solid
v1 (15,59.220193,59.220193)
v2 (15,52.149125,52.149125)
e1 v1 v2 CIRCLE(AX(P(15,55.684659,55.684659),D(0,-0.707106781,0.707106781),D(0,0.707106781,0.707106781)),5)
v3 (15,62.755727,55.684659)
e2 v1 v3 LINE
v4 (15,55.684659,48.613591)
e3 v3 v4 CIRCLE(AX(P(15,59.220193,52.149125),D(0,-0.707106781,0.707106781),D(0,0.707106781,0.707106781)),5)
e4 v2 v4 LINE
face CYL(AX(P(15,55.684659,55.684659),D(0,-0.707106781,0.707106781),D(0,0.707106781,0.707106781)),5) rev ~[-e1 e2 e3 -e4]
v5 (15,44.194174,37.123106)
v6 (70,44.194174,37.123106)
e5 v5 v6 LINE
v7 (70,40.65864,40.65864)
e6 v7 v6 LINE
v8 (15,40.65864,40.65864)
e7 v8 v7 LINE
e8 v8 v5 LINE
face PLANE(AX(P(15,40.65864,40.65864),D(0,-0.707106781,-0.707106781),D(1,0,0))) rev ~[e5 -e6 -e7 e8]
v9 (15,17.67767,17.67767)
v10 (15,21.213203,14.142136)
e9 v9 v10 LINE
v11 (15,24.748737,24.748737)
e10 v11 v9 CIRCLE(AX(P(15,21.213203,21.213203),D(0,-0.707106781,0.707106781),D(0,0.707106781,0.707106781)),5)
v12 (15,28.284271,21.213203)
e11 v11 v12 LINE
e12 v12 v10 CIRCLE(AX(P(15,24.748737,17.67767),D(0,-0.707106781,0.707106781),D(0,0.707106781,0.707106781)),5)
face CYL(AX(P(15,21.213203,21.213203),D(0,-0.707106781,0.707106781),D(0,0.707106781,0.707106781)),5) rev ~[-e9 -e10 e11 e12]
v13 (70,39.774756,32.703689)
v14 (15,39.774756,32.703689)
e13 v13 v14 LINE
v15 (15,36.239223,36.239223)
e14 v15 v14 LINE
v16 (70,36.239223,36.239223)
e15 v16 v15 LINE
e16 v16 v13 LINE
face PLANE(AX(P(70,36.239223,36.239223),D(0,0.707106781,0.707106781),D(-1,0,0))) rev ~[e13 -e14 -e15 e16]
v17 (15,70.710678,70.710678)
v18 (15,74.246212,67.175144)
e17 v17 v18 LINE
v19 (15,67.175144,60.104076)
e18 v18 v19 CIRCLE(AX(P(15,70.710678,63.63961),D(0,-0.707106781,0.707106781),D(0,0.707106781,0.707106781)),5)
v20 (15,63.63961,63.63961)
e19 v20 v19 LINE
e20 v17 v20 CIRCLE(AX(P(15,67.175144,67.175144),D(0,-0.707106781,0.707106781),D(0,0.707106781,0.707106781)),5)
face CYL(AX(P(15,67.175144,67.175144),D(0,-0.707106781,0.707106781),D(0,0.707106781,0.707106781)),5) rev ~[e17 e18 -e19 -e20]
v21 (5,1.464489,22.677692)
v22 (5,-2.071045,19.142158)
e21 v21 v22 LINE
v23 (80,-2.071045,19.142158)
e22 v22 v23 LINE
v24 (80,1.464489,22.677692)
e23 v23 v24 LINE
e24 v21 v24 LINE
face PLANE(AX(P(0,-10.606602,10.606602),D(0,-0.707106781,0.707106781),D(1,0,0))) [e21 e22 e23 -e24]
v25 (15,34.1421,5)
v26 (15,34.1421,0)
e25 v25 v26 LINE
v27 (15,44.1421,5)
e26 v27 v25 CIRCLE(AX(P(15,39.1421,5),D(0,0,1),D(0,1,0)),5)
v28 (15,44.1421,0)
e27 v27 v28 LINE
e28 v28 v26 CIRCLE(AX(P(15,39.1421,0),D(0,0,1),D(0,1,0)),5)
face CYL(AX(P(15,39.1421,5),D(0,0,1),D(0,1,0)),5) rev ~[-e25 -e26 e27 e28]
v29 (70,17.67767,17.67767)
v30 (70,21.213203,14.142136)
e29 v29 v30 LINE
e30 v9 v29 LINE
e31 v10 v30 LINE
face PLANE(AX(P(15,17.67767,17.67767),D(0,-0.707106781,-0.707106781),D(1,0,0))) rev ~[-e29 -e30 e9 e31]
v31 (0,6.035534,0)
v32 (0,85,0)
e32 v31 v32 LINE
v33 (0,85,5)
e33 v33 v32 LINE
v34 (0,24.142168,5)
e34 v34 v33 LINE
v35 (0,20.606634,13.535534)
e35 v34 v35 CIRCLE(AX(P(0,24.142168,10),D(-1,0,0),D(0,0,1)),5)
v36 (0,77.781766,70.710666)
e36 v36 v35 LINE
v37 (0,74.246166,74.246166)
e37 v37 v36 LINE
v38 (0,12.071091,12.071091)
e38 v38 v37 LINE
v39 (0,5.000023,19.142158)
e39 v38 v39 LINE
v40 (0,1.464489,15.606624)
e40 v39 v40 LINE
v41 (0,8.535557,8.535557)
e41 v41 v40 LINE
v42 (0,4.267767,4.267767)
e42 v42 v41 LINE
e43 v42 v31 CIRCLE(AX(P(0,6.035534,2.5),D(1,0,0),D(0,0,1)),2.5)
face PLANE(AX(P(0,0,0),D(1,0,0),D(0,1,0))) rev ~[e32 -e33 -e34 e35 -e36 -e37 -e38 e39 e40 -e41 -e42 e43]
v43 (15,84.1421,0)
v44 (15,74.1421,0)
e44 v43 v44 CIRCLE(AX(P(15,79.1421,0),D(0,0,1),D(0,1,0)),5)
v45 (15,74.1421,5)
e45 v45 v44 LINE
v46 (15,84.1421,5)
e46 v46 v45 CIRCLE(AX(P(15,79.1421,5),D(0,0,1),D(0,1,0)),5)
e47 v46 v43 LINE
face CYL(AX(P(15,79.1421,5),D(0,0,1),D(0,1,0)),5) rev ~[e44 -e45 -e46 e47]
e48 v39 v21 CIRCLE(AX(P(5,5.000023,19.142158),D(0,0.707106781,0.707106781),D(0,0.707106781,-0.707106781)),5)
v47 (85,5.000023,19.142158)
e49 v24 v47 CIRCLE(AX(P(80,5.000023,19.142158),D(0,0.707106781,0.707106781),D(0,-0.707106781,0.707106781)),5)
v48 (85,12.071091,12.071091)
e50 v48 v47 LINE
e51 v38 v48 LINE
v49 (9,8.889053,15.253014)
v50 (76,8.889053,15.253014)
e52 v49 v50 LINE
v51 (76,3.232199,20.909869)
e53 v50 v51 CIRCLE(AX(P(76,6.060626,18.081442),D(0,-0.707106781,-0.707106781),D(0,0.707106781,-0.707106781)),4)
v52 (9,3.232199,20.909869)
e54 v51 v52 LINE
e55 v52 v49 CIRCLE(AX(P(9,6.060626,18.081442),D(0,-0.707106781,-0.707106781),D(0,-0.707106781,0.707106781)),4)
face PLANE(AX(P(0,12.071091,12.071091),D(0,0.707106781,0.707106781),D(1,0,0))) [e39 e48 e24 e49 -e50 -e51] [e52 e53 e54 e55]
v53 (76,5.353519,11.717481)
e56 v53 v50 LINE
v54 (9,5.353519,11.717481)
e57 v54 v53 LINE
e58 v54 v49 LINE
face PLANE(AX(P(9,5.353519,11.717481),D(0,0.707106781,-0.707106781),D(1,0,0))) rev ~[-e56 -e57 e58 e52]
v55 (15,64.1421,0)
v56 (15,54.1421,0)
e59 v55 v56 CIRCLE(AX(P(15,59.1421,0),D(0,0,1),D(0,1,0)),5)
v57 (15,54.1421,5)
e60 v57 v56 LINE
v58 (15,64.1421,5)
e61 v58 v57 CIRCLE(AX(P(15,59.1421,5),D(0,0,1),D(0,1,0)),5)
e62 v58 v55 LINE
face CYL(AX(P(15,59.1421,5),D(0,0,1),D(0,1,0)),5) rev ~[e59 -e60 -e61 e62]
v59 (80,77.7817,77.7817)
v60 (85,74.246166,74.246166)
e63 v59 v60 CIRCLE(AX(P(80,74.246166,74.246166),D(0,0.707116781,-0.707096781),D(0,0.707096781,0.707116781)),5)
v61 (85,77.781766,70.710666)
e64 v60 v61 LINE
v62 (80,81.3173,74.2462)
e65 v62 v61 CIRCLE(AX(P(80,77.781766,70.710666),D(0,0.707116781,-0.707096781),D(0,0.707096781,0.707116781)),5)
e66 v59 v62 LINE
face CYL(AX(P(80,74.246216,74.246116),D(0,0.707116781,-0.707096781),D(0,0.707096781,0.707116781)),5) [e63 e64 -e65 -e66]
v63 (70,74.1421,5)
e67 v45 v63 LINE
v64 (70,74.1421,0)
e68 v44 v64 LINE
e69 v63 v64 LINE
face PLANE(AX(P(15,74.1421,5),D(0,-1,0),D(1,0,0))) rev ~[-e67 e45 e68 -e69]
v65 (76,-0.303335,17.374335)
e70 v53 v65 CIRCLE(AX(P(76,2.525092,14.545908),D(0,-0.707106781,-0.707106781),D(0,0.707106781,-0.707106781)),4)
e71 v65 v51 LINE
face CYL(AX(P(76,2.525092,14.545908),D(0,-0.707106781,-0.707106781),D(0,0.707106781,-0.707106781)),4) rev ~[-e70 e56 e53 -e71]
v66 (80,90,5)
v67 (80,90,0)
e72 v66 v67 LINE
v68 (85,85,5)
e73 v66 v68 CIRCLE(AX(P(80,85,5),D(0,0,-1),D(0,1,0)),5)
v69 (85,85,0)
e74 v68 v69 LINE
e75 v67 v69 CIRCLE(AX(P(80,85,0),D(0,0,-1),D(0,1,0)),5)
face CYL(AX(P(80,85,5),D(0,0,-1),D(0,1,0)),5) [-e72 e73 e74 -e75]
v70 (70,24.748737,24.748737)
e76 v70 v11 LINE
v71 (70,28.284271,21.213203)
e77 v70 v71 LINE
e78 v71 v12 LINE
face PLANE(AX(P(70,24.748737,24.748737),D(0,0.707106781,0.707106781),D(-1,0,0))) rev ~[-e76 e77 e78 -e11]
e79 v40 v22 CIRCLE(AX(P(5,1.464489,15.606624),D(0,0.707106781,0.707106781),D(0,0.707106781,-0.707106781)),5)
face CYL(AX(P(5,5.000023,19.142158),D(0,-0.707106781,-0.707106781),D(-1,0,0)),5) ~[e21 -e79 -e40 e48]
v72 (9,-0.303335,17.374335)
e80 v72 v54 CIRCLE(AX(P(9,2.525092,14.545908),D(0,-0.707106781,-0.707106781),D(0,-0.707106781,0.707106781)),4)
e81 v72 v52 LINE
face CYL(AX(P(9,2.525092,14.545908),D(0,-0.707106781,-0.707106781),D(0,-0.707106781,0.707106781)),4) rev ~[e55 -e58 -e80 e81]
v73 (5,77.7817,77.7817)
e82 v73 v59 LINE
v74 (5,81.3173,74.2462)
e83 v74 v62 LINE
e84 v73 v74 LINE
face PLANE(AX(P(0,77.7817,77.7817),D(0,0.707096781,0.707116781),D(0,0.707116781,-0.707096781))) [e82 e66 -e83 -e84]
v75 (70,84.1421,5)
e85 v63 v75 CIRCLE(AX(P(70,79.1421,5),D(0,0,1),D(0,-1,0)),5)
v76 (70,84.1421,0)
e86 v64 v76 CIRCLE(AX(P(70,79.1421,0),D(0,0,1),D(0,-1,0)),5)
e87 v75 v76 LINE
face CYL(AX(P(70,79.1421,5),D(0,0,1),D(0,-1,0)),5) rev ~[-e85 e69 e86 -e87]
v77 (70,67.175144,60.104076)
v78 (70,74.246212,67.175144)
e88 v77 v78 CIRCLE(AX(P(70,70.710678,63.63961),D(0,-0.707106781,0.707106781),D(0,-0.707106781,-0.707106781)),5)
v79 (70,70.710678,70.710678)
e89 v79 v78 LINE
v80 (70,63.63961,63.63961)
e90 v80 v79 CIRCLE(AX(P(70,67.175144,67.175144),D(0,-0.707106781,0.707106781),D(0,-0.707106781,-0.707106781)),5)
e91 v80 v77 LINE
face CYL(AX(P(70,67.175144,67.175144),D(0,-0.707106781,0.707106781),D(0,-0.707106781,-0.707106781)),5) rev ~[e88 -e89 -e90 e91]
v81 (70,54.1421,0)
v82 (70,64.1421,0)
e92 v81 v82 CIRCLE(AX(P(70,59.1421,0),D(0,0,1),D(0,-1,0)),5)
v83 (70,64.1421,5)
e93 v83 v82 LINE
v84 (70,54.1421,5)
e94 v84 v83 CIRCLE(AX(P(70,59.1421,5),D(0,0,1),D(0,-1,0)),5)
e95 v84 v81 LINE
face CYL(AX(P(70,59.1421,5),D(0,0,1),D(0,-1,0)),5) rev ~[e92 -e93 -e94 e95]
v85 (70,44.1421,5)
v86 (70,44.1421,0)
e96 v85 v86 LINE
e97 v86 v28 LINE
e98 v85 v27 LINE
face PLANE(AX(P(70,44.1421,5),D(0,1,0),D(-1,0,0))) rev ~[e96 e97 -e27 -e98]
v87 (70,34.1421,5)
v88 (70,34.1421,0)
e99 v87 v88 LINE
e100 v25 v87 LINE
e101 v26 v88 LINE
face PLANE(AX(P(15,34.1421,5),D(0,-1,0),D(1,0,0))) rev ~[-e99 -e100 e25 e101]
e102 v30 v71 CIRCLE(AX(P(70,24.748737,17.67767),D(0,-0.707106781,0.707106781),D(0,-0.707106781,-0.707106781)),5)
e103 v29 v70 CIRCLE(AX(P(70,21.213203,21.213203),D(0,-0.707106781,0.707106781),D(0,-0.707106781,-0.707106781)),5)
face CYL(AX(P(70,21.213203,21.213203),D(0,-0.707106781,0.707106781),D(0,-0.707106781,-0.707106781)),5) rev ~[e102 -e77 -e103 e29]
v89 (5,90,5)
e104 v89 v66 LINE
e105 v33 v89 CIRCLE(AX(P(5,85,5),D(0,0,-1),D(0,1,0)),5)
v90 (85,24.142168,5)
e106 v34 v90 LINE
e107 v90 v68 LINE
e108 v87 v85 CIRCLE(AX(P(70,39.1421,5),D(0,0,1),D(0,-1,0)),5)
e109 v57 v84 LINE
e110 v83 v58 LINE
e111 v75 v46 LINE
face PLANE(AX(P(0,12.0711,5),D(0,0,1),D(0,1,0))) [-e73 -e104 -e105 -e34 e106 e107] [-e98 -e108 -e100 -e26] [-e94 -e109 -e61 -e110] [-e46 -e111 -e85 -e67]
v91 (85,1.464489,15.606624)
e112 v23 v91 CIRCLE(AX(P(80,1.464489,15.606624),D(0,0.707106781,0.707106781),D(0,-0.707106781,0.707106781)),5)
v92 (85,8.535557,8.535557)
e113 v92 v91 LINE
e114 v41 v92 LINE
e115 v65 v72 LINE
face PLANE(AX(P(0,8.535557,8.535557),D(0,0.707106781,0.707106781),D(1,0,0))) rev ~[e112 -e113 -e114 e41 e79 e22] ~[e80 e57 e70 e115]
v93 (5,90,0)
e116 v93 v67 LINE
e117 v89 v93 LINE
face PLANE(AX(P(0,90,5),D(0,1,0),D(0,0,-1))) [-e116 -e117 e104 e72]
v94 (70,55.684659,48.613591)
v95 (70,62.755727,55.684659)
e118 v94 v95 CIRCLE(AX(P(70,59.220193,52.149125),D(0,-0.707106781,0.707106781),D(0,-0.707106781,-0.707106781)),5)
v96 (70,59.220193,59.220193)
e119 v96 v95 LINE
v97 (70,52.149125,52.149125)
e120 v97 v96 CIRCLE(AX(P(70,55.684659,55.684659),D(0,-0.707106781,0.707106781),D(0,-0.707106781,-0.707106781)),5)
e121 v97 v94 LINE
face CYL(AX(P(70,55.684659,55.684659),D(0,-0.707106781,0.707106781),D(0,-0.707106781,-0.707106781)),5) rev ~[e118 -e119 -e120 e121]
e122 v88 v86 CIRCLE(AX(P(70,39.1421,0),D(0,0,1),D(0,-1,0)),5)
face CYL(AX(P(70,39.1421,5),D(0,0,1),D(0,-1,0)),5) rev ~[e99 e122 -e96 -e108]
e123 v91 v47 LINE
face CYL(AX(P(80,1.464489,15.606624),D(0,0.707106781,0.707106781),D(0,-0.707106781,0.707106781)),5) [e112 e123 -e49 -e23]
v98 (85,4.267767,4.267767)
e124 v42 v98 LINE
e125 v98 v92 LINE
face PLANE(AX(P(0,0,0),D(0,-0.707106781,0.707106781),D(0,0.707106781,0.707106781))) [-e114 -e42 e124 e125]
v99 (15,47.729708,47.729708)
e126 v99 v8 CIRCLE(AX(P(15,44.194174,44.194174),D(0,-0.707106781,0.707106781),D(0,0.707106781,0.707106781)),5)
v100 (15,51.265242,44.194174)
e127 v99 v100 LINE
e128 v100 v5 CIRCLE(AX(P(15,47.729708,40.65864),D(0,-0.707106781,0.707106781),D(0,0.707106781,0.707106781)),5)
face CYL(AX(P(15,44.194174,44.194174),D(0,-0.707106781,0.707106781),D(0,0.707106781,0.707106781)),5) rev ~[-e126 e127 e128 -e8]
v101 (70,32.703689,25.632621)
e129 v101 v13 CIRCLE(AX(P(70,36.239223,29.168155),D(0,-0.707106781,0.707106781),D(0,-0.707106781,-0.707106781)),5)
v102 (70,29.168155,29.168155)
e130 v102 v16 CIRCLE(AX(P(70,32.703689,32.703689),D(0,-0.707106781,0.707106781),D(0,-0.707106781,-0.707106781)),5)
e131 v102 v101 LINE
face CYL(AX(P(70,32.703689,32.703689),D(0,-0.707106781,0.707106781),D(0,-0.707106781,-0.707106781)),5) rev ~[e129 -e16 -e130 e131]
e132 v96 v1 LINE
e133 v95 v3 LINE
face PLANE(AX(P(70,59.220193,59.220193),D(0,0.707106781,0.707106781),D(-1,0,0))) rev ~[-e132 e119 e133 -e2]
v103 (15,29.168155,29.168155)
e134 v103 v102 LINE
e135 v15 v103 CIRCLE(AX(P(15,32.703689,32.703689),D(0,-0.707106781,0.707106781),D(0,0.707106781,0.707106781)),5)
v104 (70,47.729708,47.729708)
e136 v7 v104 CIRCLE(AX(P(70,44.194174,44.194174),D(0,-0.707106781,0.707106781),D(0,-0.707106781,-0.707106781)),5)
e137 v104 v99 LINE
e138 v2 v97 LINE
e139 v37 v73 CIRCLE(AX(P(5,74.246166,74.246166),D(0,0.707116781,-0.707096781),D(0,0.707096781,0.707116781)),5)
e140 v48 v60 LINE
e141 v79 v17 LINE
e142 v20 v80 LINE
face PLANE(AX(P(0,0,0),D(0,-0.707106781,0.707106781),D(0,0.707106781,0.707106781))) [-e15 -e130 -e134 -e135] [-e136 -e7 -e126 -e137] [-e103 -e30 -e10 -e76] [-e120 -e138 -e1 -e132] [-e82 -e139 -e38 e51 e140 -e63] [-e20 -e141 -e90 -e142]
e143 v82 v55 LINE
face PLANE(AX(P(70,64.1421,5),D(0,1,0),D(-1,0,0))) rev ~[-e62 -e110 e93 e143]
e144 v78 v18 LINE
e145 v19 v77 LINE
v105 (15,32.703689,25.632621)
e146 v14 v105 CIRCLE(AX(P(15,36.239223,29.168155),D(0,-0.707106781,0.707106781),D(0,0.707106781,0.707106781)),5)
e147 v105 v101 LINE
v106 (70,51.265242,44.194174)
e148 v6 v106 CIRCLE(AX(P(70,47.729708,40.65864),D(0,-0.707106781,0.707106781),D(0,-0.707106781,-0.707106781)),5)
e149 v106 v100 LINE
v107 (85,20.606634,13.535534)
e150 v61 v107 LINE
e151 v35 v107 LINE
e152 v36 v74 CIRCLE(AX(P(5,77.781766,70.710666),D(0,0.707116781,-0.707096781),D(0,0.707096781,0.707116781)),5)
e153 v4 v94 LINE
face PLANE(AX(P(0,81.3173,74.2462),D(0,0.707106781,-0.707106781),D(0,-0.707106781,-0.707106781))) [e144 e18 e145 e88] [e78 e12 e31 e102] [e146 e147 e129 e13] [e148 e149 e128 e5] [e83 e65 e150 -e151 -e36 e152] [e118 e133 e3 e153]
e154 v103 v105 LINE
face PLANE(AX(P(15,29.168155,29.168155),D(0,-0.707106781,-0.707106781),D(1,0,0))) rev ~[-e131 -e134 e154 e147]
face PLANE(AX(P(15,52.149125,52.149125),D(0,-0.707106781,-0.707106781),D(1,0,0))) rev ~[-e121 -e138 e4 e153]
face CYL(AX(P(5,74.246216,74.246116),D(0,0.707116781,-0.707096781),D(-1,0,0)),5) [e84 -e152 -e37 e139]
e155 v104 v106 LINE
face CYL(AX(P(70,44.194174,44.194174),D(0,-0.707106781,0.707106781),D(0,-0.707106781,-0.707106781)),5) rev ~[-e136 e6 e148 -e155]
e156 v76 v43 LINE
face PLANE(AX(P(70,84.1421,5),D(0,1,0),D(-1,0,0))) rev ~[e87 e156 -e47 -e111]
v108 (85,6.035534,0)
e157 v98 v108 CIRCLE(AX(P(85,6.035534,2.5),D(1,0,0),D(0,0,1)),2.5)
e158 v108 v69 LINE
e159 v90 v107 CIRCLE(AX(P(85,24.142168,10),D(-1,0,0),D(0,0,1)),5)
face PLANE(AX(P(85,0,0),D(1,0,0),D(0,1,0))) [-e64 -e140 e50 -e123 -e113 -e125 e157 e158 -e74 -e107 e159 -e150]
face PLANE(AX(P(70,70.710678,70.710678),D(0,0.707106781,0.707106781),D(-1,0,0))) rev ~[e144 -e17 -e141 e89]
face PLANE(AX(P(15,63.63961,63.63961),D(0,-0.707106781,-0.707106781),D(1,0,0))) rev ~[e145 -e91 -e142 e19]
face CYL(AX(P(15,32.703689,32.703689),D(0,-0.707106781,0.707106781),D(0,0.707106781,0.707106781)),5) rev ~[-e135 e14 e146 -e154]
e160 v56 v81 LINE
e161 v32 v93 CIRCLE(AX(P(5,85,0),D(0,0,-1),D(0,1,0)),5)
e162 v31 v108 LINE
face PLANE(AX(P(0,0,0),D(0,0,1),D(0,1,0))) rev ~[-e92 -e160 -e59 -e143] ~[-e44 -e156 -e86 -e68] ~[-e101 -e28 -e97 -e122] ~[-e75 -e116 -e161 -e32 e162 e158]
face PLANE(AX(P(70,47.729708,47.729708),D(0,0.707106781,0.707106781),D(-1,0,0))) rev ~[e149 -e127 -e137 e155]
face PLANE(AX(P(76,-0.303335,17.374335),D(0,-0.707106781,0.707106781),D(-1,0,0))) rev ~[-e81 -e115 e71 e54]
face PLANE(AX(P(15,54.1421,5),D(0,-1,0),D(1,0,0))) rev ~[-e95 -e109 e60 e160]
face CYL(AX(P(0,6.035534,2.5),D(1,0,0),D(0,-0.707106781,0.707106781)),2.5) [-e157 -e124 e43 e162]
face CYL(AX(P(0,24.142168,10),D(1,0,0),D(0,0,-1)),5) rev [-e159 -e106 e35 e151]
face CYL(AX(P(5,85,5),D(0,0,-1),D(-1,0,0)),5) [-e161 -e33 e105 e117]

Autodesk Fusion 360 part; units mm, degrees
sketch "Sketch1" plane through (0, 0, 0) normal (1, 0, 0) x (0, 1, 0)
  line L0 (0, 0) -> (90, 0)
  line L1 (0, 0) -> (77.7817, 77.7817)
  line L2 (77.7817, 77.7817) -> (81.3173, 74.2462)
  line L3 (81.3173, 74.2462) -> (12.0711, 5)
  line L4 (12.0711, 5) -> (90, 5)
  line L5 (90, 5) -> (90, 0)
  dimension "d1" = 110
  dimension "d2" = 5
  dimension "d3" = 5
  dimension "d4" = 45
  dimension "d5" = 90
extrude "Extrude1" add sketch "Sketch1" along normal blind 85
sketch "Sketch2" plane through (0, 0, 0) normal (0, -0.7071, 0.7071) x (1, 0, 0)
  line L0 (0, 110) -> (0, 0)
  line L1 (0, 0) -> (85, 0)
  line L2 (85, 0) -> (85, 110)
  line L3 (85, 110) -> (0, 110)
  line L4 (0, 12.0711) -> (85, 12.0711)
  line L5 (0, 0) -> (85, 0)
  line L6 (0, 17.0711) -> (85, 17.0711)
  line L7 (42.5, 17.0711) -> (42.5, 110) construction
  line L8 (42.5, 63.5355) -> (0, 63.5355) construction
  line L9 (15, 90) -> (70, 90)
  arc A0 (70, 90) -> (70, 100) centre (70, 95) ccw
  line L10 (70, 100) -> (15, 100)
  arc A1 (15, 100) -> (15, 90) centre (15, 95) ccw
  line L11 (15, 95) -> (70, 95) construction
  line L12 (70, 83.75) -> (15, 83.75)
  arc A2 (15, 83.75) -> (15, 73.75) centre (15, 78.75) ccw
  line L13 (15, 73.75) -> (70, 73.75)
  arc A3 (70, 73.75) -> (70, 83.75) centre (70, 78.75) ccw
  line L14 (70, 67.5) -> (15, 67.5)
  arc A4 (15, 67.5) -> (15, 57.5) centre (15, 62.5) ccw
  line L15 (15, 57.5) -> (70, 57.5)
  arc A5 (70, 57.5) -> (70, 67.5) centre (70, 62.5) ccw
  line L16 (70, 51.25) -> (15, 51.25)
  arc A6 (15, 51.25) -> (15, 41.25) centre (15, 46.25) ccw
  line L17 (15, 41.25) -> (70, 41.25)
  arc A7 (70, 41.25) -> (70, 51.25) centre (70, 46.25) ccw
  line L18 (70, 35) -> (15, 35)
  arc A8 (15, 35) -> (15, 25) centre (15, 30) ccw
  line L19 (15, 25) -> (70, 25)
  arc A9 (70, 25) -> (70, 35) centre (70, 30) ccw
  dimension "d8" = 5
  dimension "d51" = 10
  dimension "d52" = 10
  dimension "d53" = 10
  dimension "d54" = 5
  dimension "d57" = 0
  dimension "d58" = -65
extrude "Extrude2" add sketch "Sketch2" along normal blind 15 contours L0 L2 L4 L6
fillet "Fillet1" radius 2.5 1 edges at (42.5, 0, 0)
fillet "Fillet3" radius 5 1 edges at (42.5, 12.0711, 5)
fillet "Fillet4" radius 5 2 edges at (0, 79.5495, 76.014) (85, 79.5495, 76.014)
fillet "Fillet5" radius 5 2 edges at (85, -0.3033, 20.9099) (0, -0.3033, 20.9099)
sketch "Sketch3" plane through (0, 0, 5) normal (0, 0, 1) x (-1, 0, 0)
  line L0 (0, -24.1421) -> (-85, -24.1421)
  line L1 (-85, -24.1421) -> (-85, -90)
  line L2 (-85, -90) -> (0, -90)
  line L3 (0, -90) -> (0, -24.1421)
  line L4 (-42.5, -24.1421) -> (-42.5, -90) construction
  line L5 (-42.5, -57.0711) -> (-85, -57.0711) construction
  line L6 (-70, -44.1421) -> (-15, -44.1421)
  arc A0 (-15, -44.1421) -> (-15, -34.1421) centre (-15, -39.1421) ccw
  line L7 (-15, -34.1421) -> (-70, -34.1421)
  arc A1 (-70, -34.1421) -> (-70, -44.1421) centre (-70, -39.1421) ccw
  line L8 (-70, -39.1421) -> (-15, -39.1421) construction
  line L9 (-15, -54.1421) -> (-70, -54.1421)
  arc A2 (-70, -54.1421) -> (-70, -64.1421) centre (-70, -59.1421) ccw
  line L10 (-70, -64.1421) -> (-15, -64.1421)
  arc A3 (-15, -64.1421) -> (-15, -54.1421) centre (-15, -59.1421) ccw
  line L11 (-15, -74.1421) -> (-70, -74.1421)
  arc A4 (-70, -74.1421) -> (-70, -84.1421) centre (-70, -79.1421) ccw
  line L12 (-70, -84.1421) -> (-15, -84.1421)
  arc A5 (-15, -84.1421) -> (-15, -74.1421) centre (-15, -79.1421) ccw
  dimension "d61" = 10
  dimension "d62" = 10
  dimension "d63" = 10
  dimension "d64" = 5
  dimension "d67" = 0
  dimension "d68" = -40
fillet "Fillet6" radius 5 2 edges at (85, 90, 2.5) (0, 90, 2.5)
sketch "Sketch4" plane through (0, 8.5355, 8.5355) normal (0, -0.7071, -0.7071) x (1, 0, 0)
  arc A0 (5, 15) -> (0, 10) centre (5, 10) ccw
  line L0 (0, 10) -> (0, 0)
  line L1 (85, 0) -> (85, 10)
  arc A1 (85, 10) -> (80, 15) centre (80, 10) ccw
  line L2 (80, 15) -> (5, 15)
  line L3 (9, 4.5) -> (76, 4.5)
  arc A2 (76, 4.5) -> (76, 12.5) centre (76, 8.5) ccw
  line L4 (76, 12.5) -> (9, 12.5)
  arc A3 (9, 12.5) -> (9, 4.5) centre (9, 8.5) ccw
  line L5 (9, 8.5) -> (76, 8.5) construction
  line L6 (0, 0) -> (85, 0)
  dimension "d43" = 5
  dimension "d44" = 5
  dimension "d47" = 8
extrude "Extrude5" cut sketch "Sketch4" against normal up to surface (5 mm away) contours L3 A2 L4 A3
extrude "Extrude6" cut sketch "Sketch2" against normal up to surface (5 mm away) contours L9 A0 L10 A1 | L12 A2 L13 A3 | L14 A4 L15 A5 | L16 A6 L17 A7 | L18 A8 L19 A9
extrude "Extrude7" cut sketch "Sketch3" against normal up to surface (5 mm away) contours L6 A0 L7 A1 | L9 A2 L10 A3 | L11 A4 L12 A5
